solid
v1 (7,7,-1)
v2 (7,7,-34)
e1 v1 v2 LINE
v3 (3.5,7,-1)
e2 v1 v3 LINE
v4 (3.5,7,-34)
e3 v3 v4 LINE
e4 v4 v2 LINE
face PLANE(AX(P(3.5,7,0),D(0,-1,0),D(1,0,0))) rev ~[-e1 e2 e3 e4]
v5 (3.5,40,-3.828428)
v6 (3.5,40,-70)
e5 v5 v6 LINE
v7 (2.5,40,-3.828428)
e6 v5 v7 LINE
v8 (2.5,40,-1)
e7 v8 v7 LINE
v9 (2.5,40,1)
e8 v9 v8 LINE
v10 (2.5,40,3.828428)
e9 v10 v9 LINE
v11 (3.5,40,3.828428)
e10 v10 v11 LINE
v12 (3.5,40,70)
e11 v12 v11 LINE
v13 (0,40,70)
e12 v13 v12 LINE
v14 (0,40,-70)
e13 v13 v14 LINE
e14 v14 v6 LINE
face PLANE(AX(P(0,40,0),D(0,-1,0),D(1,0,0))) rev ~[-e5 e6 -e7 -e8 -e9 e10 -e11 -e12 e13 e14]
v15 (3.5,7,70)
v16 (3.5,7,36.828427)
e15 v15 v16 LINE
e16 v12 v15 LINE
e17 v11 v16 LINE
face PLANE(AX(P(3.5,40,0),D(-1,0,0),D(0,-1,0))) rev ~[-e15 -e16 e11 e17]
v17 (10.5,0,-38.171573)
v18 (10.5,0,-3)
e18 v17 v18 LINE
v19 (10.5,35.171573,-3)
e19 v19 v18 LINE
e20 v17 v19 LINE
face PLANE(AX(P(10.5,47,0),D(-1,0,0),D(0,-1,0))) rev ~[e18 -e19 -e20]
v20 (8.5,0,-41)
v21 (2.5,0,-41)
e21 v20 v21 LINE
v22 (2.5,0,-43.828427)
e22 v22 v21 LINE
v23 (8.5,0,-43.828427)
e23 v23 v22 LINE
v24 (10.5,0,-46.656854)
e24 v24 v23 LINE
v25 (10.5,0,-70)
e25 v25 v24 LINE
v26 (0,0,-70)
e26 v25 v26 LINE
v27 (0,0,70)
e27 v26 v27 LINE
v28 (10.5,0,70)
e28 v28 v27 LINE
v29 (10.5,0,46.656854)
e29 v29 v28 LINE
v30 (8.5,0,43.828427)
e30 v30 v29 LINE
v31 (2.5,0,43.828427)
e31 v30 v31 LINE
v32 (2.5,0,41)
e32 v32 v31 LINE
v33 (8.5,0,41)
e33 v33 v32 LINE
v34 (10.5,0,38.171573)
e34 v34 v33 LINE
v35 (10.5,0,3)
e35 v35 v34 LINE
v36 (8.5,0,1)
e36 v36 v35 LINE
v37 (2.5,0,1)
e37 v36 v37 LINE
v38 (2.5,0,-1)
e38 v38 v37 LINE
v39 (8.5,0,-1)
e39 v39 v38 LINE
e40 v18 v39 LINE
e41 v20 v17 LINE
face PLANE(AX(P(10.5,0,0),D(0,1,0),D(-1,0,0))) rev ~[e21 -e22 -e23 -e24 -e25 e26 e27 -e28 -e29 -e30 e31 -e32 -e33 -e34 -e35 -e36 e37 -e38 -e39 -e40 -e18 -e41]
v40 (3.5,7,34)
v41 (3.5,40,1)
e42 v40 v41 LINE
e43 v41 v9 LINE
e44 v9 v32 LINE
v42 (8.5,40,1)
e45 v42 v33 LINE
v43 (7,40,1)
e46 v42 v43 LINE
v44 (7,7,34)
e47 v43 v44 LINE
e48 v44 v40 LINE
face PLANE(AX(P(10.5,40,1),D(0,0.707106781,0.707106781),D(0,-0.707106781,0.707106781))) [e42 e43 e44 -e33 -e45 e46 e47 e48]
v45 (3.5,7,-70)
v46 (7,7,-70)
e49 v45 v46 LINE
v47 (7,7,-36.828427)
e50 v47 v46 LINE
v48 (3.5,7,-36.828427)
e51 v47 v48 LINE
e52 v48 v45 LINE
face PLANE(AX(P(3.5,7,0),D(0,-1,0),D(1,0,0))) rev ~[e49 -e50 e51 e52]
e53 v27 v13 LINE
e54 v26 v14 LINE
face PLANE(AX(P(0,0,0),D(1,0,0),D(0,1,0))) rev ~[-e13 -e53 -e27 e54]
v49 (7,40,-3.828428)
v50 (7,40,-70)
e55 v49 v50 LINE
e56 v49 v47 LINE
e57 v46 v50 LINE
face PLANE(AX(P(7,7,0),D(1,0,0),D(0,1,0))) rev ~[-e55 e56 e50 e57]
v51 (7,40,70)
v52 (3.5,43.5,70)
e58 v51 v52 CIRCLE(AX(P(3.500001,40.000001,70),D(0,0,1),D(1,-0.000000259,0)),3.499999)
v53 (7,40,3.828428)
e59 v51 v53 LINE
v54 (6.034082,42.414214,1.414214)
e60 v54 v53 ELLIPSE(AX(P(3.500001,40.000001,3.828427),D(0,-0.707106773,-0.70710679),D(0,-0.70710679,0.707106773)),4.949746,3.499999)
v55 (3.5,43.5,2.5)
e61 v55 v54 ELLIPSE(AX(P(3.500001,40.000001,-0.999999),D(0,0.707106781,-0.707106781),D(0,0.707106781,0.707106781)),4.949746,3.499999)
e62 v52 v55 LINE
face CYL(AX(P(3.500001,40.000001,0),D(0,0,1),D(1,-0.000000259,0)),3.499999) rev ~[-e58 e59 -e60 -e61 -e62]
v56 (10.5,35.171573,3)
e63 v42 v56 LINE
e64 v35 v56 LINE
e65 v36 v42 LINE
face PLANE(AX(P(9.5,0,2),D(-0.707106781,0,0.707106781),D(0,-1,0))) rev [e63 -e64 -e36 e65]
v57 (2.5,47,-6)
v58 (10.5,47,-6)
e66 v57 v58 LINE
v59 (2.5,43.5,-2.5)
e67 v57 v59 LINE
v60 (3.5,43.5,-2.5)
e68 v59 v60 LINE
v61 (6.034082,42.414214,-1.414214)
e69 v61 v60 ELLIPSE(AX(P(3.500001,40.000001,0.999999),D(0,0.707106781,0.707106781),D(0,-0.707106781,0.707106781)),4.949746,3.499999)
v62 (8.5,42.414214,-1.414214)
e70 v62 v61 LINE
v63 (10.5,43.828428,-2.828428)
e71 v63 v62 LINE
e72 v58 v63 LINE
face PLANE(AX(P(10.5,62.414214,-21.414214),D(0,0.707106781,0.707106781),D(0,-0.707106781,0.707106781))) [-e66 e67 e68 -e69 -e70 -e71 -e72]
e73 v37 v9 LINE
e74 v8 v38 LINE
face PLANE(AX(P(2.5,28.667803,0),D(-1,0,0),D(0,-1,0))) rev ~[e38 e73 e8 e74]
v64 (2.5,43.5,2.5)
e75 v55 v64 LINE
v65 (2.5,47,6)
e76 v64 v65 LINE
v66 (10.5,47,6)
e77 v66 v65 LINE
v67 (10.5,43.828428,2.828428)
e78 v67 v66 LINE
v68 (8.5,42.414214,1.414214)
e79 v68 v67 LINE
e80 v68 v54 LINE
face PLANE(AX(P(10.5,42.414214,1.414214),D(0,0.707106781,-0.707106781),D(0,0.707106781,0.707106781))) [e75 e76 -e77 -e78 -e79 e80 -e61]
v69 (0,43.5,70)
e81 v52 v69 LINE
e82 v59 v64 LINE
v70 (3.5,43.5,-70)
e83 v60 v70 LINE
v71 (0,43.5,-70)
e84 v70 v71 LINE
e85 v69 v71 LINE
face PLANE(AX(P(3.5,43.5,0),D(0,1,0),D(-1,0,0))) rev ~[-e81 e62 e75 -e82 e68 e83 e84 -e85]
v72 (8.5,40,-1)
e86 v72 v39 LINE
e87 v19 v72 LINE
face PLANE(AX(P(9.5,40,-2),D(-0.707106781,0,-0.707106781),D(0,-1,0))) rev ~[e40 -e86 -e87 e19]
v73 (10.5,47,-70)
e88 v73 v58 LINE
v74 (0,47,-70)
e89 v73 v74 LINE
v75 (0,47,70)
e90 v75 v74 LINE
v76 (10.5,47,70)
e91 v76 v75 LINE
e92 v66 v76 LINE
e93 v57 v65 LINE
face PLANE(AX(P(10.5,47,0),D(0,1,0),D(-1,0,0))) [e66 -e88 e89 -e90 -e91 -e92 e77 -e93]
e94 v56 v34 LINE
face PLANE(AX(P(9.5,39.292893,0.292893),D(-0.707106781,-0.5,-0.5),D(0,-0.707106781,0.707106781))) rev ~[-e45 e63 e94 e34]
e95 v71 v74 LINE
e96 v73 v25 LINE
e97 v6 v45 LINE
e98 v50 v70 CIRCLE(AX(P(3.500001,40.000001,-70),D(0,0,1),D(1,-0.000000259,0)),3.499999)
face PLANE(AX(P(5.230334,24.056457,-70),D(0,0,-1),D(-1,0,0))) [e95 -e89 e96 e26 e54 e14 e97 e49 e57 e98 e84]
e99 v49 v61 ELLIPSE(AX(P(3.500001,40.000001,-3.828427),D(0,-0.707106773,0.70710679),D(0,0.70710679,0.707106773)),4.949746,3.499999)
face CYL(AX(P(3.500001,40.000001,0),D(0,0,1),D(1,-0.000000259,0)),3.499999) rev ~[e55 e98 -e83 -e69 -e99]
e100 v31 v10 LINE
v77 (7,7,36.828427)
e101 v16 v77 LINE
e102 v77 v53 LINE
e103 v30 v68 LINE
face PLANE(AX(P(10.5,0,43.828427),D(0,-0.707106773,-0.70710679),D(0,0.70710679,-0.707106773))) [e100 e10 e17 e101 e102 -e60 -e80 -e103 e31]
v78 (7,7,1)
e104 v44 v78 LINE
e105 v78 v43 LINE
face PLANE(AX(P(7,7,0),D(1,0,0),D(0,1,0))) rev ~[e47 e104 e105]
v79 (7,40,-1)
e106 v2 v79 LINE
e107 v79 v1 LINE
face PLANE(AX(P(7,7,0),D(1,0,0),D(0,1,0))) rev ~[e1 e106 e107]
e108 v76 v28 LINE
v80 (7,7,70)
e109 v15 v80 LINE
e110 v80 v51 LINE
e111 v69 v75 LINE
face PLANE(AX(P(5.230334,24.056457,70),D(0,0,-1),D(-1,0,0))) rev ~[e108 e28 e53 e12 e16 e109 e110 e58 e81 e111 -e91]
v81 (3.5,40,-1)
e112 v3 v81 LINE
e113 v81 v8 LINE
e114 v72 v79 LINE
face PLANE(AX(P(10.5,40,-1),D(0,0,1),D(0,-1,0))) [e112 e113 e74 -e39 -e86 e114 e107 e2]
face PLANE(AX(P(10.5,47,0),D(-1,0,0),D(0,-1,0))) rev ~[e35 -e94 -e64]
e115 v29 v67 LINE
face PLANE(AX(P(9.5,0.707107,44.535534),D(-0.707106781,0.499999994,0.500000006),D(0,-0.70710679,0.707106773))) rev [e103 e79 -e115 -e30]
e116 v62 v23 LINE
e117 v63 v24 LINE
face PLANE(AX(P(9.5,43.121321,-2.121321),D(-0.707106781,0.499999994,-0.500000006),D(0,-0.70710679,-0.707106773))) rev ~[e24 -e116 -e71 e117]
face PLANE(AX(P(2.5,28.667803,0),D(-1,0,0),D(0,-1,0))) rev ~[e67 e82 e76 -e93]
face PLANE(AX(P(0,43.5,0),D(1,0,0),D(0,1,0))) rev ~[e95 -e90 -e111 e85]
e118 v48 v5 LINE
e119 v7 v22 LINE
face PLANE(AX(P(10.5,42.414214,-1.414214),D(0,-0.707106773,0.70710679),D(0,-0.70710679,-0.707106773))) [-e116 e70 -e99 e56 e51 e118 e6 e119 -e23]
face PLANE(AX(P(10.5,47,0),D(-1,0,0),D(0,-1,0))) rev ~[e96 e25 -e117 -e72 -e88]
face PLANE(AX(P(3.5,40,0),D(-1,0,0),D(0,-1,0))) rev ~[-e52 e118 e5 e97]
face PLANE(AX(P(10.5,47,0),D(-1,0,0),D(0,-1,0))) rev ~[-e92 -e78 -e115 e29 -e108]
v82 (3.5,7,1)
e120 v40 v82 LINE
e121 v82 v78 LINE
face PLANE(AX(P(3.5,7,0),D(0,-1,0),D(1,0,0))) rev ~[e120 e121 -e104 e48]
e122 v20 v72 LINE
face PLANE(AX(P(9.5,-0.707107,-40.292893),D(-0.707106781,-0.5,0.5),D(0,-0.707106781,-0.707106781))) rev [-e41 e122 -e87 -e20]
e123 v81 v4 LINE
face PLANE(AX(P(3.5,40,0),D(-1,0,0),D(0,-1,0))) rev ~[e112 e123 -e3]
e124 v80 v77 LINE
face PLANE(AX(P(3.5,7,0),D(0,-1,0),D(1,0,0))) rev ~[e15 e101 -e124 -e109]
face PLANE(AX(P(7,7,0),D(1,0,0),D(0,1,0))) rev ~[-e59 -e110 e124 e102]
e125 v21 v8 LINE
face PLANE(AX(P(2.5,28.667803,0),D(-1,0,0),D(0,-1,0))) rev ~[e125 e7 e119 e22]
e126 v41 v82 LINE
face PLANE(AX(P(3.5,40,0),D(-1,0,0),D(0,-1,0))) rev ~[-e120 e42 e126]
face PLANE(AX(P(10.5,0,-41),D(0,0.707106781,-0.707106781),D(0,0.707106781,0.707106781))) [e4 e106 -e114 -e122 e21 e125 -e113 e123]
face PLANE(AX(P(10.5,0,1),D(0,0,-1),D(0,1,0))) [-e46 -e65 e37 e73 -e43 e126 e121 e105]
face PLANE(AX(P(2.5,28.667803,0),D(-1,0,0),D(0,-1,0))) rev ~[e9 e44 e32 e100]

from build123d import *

# Parameters (mm, degrees)
PAD_DEPTH    = 70
POCKET_DEPTH = 8
CHAMFER_SIZE = 2


with BuildPart() as part:
    # Sketch → Pad (new body, symmetric)
    with BuildSketch(Plane.XY):
        with BuildLine():
            Line((0, 0), (0, 40))
            Line((0, 40), (3.5, 40))
            Line((3.5, 40), (3.5, 7))
            Line((3.5, 7), (7, 7))
            Line((7, 7), (7, 40))
            ThreePointArc((7, 40), (5.974874, 42.474874), (3.5, 43.5))
            Line((3.5, 43.5), (0, 43.5))
            Line((0, 43.5), (0, 47))
            Line((10.5, 47), (0, 47))
            Line((10.5, 47), (10.5, 0))
            Line((10.5, 0), (0, 0))
        make_face()
    extrude(amount=PAD_DEPTH, both=True)

    # Sketch001 (on Face1 of Pad) → Pocket (cut)
    with BuildSketch(Plane.YZ.offset(10.5)):
        Polygon((0, 1), (40, 1), (0, 41), (0, 43.828427), (42.414214, 1.414214), (62.414214, 21.414214), (62.414214, -21.414214), (42.414214, -1.414214), (0, -43.828427), (0, -41), (40, -1), (0, -1), align=None)
    extrude(amount=-POCKET_DEPTH, mode=Mode.SUBTRACT)

    # Chamfer
    chamfer_edges = [part.edges().sort_by_distance(p)[0] for p in [
        (10.5, 20, 1),
        (10.5, 20, -1),
        (10.5, 20, -21),
        (10.5, 21.207107, -22.62132),
        (10.5, 20, 21),
        (10.5, 21.207107, 22.62132),
    ]]
    chamfer(chamfer_edges, length=CHAMFER_SIZE)


solid = part.part
